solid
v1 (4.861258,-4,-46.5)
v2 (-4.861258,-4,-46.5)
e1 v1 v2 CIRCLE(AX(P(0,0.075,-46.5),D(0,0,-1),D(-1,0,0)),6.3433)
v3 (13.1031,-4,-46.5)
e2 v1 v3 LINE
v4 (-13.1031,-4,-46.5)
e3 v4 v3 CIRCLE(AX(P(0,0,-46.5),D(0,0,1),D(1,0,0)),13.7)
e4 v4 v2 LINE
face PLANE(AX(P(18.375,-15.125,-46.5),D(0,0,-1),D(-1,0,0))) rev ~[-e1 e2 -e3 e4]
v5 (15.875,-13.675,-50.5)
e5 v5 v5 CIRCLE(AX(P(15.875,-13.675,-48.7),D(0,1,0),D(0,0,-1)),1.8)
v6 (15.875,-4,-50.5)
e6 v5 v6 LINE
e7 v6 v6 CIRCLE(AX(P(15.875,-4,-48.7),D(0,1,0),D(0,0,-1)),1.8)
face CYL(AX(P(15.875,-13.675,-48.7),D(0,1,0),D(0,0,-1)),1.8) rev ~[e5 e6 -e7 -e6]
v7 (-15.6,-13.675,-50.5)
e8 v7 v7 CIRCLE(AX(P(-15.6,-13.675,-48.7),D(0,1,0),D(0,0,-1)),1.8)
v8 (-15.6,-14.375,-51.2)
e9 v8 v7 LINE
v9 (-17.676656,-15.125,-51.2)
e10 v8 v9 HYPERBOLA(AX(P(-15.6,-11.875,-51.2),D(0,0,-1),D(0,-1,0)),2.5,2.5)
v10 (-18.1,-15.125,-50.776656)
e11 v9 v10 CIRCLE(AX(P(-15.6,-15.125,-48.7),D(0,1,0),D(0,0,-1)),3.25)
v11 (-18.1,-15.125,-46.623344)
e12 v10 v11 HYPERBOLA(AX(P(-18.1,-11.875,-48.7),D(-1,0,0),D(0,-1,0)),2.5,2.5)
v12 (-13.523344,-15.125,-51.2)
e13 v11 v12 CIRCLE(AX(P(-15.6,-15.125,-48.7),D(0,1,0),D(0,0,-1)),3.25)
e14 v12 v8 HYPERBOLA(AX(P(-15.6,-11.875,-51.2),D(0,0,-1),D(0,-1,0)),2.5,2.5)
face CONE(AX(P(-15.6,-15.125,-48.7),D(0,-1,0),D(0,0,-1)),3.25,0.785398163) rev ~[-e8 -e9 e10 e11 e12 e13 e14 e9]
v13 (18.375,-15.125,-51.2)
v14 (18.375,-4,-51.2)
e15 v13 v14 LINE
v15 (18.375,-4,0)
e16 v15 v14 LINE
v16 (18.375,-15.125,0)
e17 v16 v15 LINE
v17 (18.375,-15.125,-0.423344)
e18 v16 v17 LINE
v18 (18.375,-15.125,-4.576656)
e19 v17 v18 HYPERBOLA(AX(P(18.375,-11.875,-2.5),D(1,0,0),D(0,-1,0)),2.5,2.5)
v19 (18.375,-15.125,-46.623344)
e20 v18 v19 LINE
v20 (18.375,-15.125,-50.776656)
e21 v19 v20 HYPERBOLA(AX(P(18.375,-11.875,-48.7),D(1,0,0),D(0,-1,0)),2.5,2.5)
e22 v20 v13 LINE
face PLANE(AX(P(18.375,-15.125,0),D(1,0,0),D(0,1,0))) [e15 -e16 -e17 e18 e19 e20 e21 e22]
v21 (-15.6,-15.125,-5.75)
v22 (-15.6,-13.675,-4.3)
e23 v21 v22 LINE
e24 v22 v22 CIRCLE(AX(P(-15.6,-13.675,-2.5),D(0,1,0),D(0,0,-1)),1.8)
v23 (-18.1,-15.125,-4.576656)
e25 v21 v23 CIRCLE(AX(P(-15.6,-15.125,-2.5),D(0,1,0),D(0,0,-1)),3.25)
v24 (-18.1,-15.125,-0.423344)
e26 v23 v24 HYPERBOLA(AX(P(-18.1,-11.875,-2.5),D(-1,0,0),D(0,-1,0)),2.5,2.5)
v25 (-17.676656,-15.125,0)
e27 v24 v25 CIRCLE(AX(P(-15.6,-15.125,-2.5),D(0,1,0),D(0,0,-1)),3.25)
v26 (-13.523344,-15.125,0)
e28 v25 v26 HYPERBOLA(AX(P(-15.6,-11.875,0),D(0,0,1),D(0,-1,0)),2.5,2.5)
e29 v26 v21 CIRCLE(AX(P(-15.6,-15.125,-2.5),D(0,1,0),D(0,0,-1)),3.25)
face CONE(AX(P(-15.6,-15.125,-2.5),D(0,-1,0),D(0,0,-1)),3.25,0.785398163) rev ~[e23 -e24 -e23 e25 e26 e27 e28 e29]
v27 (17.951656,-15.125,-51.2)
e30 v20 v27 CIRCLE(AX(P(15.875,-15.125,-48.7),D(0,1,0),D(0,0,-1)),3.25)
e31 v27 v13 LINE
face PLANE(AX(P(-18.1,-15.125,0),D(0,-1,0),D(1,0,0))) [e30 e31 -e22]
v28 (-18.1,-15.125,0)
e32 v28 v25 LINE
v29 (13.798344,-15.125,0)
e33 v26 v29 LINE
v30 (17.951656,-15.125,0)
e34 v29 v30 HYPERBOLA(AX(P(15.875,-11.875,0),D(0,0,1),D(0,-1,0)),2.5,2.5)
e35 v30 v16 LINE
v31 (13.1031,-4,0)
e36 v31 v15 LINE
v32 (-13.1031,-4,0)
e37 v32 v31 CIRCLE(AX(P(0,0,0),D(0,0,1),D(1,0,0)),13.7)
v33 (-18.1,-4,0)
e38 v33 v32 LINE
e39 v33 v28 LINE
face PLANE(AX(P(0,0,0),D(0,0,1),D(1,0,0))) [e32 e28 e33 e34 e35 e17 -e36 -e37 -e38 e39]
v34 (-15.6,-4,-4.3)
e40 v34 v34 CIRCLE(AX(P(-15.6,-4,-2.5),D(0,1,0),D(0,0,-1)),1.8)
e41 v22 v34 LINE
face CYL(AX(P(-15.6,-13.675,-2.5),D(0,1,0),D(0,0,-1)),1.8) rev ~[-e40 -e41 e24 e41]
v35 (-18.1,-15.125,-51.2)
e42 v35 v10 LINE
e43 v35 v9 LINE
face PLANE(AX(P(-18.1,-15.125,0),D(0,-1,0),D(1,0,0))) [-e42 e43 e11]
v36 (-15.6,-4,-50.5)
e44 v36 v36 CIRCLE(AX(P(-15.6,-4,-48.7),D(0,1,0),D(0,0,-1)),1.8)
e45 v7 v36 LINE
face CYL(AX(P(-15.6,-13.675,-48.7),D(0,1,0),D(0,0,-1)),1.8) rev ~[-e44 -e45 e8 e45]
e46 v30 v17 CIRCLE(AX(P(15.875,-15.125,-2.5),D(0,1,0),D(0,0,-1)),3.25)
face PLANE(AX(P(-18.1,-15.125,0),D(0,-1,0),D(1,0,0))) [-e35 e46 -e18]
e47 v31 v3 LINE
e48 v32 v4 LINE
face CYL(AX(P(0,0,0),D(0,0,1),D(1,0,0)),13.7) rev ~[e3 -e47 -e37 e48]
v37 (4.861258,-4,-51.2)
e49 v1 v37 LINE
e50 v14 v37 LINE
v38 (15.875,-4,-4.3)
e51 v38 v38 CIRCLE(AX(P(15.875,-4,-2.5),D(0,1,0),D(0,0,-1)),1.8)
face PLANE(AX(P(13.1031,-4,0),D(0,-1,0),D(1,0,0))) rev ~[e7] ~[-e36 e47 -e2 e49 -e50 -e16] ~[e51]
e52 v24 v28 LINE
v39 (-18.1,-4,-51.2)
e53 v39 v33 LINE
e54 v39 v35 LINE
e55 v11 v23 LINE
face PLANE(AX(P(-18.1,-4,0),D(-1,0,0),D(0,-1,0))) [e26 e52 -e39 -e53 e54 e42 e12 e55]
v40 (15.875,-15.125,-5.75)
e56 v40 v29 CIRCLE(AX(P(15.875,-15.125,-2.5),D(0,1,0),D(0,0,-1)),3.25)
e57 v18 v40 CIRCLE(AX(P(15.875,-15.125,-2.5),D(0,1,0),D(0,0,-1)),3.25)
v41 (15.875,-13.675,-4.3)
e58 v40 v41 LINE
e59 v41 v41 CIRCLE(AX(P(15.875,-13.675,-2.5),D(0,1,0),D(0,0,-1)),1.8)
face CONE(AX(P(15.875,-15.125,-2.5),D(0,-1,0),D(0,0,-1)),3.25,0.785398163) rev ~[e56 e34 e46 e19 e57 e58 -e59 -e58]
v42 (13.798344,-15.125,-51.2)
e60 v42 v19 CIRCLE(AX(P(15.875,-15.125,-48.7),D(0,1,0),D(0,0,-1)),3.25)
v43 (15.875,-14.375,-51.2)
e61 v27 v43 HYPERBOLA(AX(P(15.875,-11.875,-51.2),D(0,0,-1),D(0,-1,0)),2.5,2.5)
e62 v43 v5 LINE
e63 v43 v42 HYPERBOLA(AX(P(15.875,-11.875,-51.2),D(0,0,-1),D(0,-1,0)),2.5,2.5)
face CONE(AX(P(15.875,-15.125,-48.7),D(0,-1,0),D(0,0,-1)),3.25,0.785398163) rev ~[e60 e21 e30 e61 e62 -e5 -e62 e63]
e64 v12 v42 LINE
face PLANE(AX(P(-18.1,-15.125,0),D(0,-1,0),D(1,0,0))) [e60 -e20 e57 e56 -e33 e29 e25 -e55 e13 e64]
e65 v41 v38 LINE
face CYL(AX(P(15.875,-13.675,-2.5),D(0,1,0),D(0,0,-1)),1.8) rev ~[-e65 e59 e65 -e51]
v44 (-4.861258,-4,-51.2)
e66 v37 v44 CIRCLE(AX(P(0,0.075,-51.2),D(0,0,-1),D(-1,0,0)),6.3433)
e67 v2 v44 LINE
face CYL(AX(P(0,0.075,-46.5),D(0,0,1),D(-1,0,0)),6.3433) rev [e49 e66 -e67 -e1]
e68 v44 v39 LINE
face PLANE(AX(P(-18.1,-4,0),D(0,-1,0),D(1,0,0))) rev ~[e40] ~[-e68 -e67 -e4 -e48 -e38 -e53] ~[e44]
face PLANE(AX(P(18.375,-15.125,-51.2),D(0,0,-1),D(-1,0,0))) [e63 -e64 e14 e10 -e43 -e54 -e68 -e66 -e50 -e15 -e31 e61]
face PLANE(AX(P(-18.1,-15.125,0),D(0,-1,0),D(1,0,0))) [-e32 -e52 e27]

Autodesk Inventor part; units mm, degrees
ref_plane "YZ Plane" through (0, 0, 0) normal (1, 0, 0) x (0, 1, 0)
sketch "Sketch1" plane through (0, 0, 0) normal (0, 0, 1) x (1, 0, 0)
  circle A0 centre (0, 0) radius 13.7 projected
  line L0 (18.375, 15.375) -> (-18.1, 15.375) projected
  line L1 (-18.1, 15.375) -> (-18.1, -4) projected
  line L2 (-18.1, -4) -> (-13.1031, -4) projected
  arc A1 (13.1031, -4) -> (-13.1031, -4) centre (0, 0) ccw projected
  line L3 (13.1031, -4) -> (18.375, -4) projected
  line L4 (18.375, -4) -> (18.375, 15.375) projected
  line L5 (18.375, -4) -> (-18.1, -4)
  line L6 (-18.1, -4) -> (-18.1, -15.125)
  line L7 (-18.1, -15.125) -> (18.375, -15.125)
  line L8 (18.375, -15.125) -> (18.375, -4)
  circle A2 centre (44.375, 8.875) radius 25 projected
  point P0 (0, -13.7)
  point P1 (44.375, -16.125)
  dimension "d2" = 29.075
  dimension "d15" = 1
ref_plane "Work Plane1" through (-13.7, -13.7, -46.5) normal (0, 0, -1) x (0, 1, 0)
extrude "Extrusion1" add sketch "Sketch1" against normal up to surface (46.5 mm away) contours A0 L3 L8 L7 L6 L2
sketch "Sketch2" plane through (18.375, -15.125, -46.5) normal (0, 0, -1) x (-1, 0, 0)
  circle A0 centre (26.375, 15.2) radius 1.0564 projected
  circle A1 centre (10.375, 15.2) radius 1.0564 projected
  circle A2 centre (18.375, 15.2) radius 5 projected
  circle A3 centre (18.375, 15.2) radius 13.7 projected
  arc A4 (23.2981, 11.2) -> (13.4519, 11.2) centre (18.375, 15.2) ccw projected
  circle A5 centre (18.375, 15.2) radius 6.3433
  line L0 (36.475, 0) -> (0, 0) projected
  line L1 (0, 11.125) -> (5.2719, 11.125) projected
  line L2 (36.475, 0) -> (0, 0)
  line L3 (0, 0) -> (0, 11.125)
  line L4 (0, 11.125) -> (36.475, 11.125)
  line L5 (36.475, 11.125) -> (36.475, 0)
  point P0 (18.375, 15.125)
  point P1 (23.2362, 11.125)
  point P2 (13.5138, 11.125)
ref_plane "Work Plane2" through (-18.1, -4, -51.2) normal (0, 0, -1) x (0, 1, 0)
extrude "Extrusion2" add sketch "Sketch2" along normal up to surface (4.7 mm away) contours A5 L4 A3 | A3 L4 L5 L0 L3 L1
sketch "Sketch3" plane through (-18.1, -15.125, 0) normal (0, -1, 0) x (1, 0, 0)
  circle A0 centre (33.975, -2.5) radius 1.8 projected
  circle A1 centre (33.975, -48.7) radius 1.8 projected
  circle A2 centre (2.5, -48.7) radius 1.8 projected
  circle A3 centre (2.5, -2.5) radius 1.8 projected
  point P0 (18.1, 0)
hole "Hole1" at (15.875, -15.125, -2.5) at (15.875, -15.125, -48.7) at (-15.6, -15.125, -48.7) at (-15.6, -15.125, -2.5) direction (0, 1, 0) diameter 3.6 end through all countersink diameter 6.5 countersink angle 90 clearance for "Countersunk Flat Head Screw ISO 2009/7046" size "M3" standard "ISO"
properties part number "right_motor_mount_ceil"
